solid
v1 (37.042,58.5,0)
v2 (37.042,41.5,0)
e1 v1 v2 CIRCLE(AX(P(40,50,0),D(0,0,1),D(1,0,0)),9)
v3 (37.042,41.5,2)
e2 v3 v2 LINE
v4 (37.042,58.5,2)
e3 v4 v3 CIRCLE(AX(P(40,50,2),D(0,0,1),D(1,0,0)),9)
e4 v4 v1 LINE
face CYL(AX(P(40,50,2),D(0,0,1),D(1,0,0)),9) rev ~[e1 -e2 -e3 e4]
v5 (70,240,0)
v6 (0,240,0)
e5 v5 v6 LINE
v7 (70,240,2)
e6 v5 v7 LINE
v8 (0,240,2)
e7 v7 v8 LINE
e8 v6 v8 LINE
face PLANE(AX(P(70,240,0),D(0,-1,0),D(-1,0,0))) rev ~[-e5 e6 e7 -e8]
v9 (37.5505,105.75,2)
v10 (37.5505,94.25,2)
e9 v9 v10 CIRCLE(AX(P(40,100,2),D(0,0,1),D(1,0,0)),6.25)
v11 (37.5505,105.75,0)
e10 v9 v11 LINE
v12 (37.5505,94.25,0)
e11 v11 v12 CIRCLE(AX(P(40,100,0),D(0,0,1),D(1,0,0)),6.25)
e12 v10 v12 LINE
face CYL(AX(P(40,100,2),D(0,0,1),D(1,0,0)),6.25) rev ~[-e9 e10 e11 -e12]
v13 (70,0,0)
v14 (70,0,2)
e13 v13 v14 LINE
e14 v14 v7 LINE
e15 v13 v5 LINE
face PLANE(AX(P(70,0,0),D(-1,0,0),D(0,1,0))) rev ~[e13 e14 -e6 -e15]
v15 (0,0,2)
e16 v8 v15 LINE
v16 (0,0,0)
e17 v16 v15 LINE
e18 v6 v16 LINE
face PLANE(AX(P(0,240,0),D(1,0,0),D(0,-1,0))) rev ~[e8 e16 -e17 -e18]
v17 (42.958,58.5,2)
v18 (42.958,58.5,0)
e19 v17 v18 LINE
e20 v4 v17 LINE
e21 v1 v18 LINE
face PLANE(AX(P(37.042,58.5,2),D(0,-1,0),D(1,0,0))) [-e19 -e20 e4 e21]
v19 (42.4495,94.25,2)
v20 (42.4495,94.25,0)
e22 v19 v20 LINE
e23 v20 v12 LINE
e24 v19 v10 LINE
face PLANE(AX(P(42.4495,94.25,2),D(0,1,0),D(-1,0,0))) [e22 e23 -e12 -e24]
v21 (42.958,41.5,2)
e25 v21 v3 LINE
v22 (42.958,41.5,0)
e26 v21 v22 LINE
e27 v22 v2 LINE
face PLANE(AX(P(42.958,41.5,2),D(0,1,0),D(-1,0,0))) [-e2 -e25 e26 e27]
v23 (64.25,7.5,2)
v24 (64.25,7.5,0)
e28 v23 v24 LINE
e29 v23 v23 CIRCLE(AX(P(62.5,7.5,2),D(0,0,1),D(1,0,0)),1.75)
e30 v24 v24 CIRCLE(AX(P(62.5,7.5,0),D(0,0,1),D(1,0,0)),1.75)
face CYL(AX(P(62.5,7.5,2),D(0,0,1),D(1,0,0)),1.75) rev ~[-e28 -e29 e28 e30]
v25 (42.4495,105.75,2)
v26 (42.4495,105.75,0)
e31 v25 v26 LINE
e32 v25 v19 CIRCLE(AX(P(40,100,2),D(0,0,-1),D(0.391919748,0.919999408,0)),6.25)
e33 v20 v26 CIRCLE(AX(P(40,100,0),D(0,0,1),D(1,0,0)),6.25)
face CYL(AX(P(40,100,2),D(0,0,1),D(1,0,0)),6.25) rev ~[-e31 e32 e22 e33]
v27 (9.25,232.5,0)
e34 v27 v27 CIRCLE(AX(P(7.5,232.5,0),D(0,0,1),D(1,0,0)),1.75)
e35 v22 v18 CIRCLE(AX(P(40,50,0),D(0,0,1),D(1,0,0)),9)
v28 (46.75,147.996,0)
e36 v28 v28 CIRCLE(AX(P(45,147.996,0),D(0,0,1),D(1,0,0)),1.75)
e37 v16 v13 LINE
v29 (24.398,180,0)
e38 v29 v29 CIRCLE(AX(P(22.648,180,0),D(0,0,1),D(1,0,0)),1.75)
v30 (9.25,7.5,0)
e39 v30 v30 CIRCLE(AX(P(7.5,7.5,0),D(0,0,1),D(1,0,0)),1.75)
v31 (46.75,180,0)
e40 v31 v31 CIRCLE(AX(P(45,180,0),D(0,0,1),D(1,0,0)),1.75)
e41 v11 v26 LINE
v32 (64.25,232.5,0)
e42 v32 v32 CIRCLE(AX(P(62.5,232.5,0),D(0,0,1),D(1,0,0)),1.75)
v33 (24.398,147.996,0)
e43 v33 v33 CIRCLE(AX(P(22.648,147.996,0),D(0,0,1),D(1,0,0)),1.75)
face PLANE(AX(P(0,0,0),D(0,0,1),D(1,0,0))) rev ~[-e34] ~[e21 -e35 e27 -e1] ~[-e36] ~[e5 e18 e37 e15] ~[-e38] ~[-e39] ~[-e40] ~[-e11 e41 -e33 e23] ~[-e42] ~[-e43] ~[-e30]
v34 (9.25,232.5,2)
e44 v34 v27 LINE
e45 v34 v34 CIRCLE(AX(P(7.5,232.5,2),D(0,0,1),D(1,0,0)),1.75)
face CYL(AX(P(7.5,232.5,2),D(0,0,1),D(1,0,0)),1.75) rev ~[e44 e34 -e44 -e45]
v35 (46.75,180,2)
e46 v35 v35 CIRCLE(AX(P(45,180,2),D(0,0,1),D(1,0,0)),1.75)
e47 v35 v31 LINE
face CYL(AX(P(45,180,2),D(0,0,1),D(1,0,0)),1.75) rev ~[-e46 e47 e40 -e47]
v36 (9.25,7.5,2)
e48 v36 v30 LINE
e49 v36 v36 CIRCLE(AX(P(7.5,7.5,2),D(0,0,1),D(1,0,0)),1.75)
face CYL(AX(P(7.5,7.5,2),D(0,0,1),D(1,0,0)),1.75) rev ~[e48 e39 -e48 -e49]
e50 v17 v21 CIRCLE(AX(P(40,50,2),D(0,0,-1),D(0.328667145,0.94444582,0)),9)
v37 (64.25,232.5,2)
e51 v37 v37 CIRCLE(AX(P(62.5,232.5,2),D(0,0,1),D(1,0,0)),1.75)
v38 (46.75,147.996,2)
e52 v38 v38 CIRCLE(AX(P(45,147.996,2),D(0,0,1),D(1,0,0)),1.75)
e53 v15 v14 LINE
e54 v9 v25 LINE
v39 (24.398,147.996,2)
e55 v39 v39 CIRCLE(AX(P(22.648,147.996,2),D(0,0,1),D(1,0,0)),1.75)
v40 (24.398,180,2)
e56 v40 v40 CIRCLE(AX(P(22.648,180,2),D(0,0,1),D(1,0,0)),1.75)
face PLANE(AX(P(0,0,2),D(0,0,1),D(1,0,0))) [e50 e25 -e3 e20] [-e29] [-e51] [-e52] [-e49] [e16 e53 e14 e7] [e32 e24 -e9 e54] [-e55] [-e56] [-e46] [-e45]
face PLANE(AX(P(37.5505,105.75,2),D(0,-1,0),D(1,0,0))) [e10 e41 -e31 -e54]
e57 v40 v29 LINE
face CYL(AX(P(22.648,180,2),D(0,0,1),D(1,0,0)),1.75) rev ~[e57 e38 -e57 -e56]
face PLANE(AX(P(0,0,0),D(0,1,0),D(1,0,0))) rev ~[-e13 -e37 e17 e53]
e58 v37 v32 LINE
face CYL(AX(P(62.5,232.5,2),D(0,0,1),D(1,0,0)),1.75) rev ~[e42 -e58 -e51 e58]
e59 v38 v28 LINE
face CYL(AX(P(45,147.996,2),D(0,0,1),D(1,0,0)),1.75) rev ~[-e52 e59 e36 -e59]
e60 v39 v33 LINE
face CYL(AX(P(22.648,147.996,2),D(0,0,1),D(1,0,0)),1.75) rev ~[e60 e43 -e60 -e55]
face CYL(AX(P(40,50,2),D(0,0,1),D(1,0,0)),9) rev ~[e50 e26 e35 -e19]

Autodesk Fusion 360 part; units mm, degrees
sketch "Sketch1" plane through (0, 0, 0) normal (0, 0, 1) x (1, 0, 0)
  line L0 (0, 0) -> (70, 0)
  line L1 (70, 0) -> (70, 240)
  line L2 (70, 240) -> (0, 240)
  line L3 (0, 240) -> (0, 0)
  dimension "d1" = 240
  dimension "d2" = 70
extrude "Extrude1" add sketch "Sketch1" along normal blind 2
sketch "Sketch2" plane through (0, 0, 2) normal (0, 0, 1) x (1, 0, 0)
  line L0 (0, 240) -> (0, 0)
  line L1 (0, 0) -> (70, 0)
  line L2 (70, 0) -> (70, 240)
  line L3 (70, 240) -> (0, 240)
  circle A0 centre (40, 50) radius 9
  line L4 (42.958, 41.5) -> (37.042, 41.5)
  line L5 (37.042, 41.5) -> (37.042, 58.5)
  line L6 (37.042, 58.5) -> (42.958, 58.5)
  line L7 (42.958, 58.5) -> (42.958, 41.5)
  circle A1 centre (40, 100) radius 6.25
  line L8 (42.4495, 94.25) -> (37.5505, 94.25)
  line L9 (37.5505, 94.25) -> (37.5505, 105.75)
  line L10 (37.5505, 105.75) -> (42.4495, 105.75)
  line L11 (42.4495, 105.75) -> (42.4495, 94.25)
  point P0 (35, 0)
  point P1 (40, 41.5)
  dimension "d5" = 18
  dimension "d6" = 17
  dimension "d7" = 50
  dimension "d8" = 12.5
  dimension "d9" = 11.5
  dimension "d10" = 50
  dimension "d14" = 40
extrude "Extrude2" cut sketch "Sketch2" against normal blind 15 contours A0 L7 | L4 L5 L6 L7 | A0 L5 | A1 L11 | L8 L9 L10 L11 | A1 L9
sketch "Sketch3" plane through (0, 0, 2) normal (0, 0, 1) x (1, 0, 0)
  line L0 (42.958, 41.5) -> (37.042, 41.5)
  arc A0 (37.042, 58.5) -> (37.042, 41.5) centre (40, 50) ccw
  line L1 (37.042, 58.5) -> (42.958, 58.5)
  arc A1 (42.958, 41.5) -> (42.958, 58.5) centre (40, 50) ccw
  line L2 (42.4495, 94.25) -> (37.5505, 94.25)
  arc A2 (37.5505, 105.75) -> (37.5505, 94.25) centre (40, 100) ccw
  line L3 (37.5505, 105.75) -> (42.4495, 105.75)
  arc A3 (42.4495, 94.25) -> (42.4495, 105.75) centre (40, 100) ccw
  line L4 (0, 240) -> (0, 0)
  line L5 (0, 0) -> (70, 0)
  line L6 (70, 0) -> (70, 240)
  line L7 (70, 240) -> (0, 240)
  circle A4 centre (7.5, 232.5) radius 1.75
  circle A5 centre (62.5, 232.5) radius 1.75
  circle A6 centre (62.5, 7.5) radius 1.75
  circle A7 centre (7.5, 7.5) radius 1.75
  line L8 (7.5, 232.5) -> (7.5, 7.5) construction
  line L9 (7.5, 7.5) -> (62.5, 7.5) construction
  line L10 (62.5, 7.5) -> (62.5, 232.5) construction
  line L11 (62.5, 232.5) -> (7.5, 232.5) construction
  dimension "d15" = 7.5
  dimension "d16" = 3.5
  dimension "d17" = 3.5
  dimension "d18" = 3.5
  dimension "d19" = 3.5
extrude "Extrude3" cut sketch "Sketch3" against normal blind 5 contours A4 | A5 | A6 | A7
sketch "Sketch4" plane through (0, 0, 2) normal (0, 0, 1) x (1, 0, 0)
  circle A0 centre (62.5, 232.5) radius 1.75
  circle A1 centre (7.5, 7.5) radius 1.75
  circle A2 centre (7.5, 232.5) radius 1.75
  circle A3 centre (62.5, 7.5) radius 1.75
  line L0 (42.958, 41.5) -> (37.042, 41.5)
  arc A4 (37.042, 58.5) -> (37.042, 41.5) centre (40, 50) ccw
  line L1 (37.042, 58.5) -> (42.958, 58.5)
  arc A5 (42.958, 41.5) -> (42.958, 58.5) centre (40, 50) ccw
  line L2 (42.4495, 94.25) -> (37.5505, 94.25)
  arc A6 (37.5505, 105.75) -> (37.5505, 94.25) centre (40, 100) ccw
  line L3 (37.5505, 105.75) -> (42.4495, 105.75)
  arc A7 (42.4495, 94.25) -> (42.4495, 105.75) centre (40, 100) ccw
  line L4 (0, 240) -> (0, 0)
  line L5 (0, 0) -> (70, 0)
  line L6 (70, 0) -> (70, 240)
  line L7 (70, 240) -> (0, 240)
  circle A8 centre (22.648, 147.996) radius 1.75
  circle A9 centre (22.648, 180) radius 1.75
  circle A10 centre (45, 147.996) radius 1.75
  circle A11 centre (45, 180) radius 1.75
  dimension "d22" = 3.5
  dimension "d23" = 3.5
  dimension "d24" = 32.004
  dimension "d25" = 3.5
  dimension "d26" = 3.5
  dimension "d27" = 22.352
  dimension "d28" = 25
  dimension "d29" = 60
extrude "Extrude4" cut sketch "Sketch4" against normal blind 5 contours A8 | A9 | A10 | A11
equation "d1 = 210 mm + 30 mm"
equation "d17 = d16"
equation "d18 = d16"
equation "d19 = d16"
equation "d23 = d22"
equation "d25 = d22"
equation "d26 = d23"
equation "d27 = 1 in - 0.12 in"
